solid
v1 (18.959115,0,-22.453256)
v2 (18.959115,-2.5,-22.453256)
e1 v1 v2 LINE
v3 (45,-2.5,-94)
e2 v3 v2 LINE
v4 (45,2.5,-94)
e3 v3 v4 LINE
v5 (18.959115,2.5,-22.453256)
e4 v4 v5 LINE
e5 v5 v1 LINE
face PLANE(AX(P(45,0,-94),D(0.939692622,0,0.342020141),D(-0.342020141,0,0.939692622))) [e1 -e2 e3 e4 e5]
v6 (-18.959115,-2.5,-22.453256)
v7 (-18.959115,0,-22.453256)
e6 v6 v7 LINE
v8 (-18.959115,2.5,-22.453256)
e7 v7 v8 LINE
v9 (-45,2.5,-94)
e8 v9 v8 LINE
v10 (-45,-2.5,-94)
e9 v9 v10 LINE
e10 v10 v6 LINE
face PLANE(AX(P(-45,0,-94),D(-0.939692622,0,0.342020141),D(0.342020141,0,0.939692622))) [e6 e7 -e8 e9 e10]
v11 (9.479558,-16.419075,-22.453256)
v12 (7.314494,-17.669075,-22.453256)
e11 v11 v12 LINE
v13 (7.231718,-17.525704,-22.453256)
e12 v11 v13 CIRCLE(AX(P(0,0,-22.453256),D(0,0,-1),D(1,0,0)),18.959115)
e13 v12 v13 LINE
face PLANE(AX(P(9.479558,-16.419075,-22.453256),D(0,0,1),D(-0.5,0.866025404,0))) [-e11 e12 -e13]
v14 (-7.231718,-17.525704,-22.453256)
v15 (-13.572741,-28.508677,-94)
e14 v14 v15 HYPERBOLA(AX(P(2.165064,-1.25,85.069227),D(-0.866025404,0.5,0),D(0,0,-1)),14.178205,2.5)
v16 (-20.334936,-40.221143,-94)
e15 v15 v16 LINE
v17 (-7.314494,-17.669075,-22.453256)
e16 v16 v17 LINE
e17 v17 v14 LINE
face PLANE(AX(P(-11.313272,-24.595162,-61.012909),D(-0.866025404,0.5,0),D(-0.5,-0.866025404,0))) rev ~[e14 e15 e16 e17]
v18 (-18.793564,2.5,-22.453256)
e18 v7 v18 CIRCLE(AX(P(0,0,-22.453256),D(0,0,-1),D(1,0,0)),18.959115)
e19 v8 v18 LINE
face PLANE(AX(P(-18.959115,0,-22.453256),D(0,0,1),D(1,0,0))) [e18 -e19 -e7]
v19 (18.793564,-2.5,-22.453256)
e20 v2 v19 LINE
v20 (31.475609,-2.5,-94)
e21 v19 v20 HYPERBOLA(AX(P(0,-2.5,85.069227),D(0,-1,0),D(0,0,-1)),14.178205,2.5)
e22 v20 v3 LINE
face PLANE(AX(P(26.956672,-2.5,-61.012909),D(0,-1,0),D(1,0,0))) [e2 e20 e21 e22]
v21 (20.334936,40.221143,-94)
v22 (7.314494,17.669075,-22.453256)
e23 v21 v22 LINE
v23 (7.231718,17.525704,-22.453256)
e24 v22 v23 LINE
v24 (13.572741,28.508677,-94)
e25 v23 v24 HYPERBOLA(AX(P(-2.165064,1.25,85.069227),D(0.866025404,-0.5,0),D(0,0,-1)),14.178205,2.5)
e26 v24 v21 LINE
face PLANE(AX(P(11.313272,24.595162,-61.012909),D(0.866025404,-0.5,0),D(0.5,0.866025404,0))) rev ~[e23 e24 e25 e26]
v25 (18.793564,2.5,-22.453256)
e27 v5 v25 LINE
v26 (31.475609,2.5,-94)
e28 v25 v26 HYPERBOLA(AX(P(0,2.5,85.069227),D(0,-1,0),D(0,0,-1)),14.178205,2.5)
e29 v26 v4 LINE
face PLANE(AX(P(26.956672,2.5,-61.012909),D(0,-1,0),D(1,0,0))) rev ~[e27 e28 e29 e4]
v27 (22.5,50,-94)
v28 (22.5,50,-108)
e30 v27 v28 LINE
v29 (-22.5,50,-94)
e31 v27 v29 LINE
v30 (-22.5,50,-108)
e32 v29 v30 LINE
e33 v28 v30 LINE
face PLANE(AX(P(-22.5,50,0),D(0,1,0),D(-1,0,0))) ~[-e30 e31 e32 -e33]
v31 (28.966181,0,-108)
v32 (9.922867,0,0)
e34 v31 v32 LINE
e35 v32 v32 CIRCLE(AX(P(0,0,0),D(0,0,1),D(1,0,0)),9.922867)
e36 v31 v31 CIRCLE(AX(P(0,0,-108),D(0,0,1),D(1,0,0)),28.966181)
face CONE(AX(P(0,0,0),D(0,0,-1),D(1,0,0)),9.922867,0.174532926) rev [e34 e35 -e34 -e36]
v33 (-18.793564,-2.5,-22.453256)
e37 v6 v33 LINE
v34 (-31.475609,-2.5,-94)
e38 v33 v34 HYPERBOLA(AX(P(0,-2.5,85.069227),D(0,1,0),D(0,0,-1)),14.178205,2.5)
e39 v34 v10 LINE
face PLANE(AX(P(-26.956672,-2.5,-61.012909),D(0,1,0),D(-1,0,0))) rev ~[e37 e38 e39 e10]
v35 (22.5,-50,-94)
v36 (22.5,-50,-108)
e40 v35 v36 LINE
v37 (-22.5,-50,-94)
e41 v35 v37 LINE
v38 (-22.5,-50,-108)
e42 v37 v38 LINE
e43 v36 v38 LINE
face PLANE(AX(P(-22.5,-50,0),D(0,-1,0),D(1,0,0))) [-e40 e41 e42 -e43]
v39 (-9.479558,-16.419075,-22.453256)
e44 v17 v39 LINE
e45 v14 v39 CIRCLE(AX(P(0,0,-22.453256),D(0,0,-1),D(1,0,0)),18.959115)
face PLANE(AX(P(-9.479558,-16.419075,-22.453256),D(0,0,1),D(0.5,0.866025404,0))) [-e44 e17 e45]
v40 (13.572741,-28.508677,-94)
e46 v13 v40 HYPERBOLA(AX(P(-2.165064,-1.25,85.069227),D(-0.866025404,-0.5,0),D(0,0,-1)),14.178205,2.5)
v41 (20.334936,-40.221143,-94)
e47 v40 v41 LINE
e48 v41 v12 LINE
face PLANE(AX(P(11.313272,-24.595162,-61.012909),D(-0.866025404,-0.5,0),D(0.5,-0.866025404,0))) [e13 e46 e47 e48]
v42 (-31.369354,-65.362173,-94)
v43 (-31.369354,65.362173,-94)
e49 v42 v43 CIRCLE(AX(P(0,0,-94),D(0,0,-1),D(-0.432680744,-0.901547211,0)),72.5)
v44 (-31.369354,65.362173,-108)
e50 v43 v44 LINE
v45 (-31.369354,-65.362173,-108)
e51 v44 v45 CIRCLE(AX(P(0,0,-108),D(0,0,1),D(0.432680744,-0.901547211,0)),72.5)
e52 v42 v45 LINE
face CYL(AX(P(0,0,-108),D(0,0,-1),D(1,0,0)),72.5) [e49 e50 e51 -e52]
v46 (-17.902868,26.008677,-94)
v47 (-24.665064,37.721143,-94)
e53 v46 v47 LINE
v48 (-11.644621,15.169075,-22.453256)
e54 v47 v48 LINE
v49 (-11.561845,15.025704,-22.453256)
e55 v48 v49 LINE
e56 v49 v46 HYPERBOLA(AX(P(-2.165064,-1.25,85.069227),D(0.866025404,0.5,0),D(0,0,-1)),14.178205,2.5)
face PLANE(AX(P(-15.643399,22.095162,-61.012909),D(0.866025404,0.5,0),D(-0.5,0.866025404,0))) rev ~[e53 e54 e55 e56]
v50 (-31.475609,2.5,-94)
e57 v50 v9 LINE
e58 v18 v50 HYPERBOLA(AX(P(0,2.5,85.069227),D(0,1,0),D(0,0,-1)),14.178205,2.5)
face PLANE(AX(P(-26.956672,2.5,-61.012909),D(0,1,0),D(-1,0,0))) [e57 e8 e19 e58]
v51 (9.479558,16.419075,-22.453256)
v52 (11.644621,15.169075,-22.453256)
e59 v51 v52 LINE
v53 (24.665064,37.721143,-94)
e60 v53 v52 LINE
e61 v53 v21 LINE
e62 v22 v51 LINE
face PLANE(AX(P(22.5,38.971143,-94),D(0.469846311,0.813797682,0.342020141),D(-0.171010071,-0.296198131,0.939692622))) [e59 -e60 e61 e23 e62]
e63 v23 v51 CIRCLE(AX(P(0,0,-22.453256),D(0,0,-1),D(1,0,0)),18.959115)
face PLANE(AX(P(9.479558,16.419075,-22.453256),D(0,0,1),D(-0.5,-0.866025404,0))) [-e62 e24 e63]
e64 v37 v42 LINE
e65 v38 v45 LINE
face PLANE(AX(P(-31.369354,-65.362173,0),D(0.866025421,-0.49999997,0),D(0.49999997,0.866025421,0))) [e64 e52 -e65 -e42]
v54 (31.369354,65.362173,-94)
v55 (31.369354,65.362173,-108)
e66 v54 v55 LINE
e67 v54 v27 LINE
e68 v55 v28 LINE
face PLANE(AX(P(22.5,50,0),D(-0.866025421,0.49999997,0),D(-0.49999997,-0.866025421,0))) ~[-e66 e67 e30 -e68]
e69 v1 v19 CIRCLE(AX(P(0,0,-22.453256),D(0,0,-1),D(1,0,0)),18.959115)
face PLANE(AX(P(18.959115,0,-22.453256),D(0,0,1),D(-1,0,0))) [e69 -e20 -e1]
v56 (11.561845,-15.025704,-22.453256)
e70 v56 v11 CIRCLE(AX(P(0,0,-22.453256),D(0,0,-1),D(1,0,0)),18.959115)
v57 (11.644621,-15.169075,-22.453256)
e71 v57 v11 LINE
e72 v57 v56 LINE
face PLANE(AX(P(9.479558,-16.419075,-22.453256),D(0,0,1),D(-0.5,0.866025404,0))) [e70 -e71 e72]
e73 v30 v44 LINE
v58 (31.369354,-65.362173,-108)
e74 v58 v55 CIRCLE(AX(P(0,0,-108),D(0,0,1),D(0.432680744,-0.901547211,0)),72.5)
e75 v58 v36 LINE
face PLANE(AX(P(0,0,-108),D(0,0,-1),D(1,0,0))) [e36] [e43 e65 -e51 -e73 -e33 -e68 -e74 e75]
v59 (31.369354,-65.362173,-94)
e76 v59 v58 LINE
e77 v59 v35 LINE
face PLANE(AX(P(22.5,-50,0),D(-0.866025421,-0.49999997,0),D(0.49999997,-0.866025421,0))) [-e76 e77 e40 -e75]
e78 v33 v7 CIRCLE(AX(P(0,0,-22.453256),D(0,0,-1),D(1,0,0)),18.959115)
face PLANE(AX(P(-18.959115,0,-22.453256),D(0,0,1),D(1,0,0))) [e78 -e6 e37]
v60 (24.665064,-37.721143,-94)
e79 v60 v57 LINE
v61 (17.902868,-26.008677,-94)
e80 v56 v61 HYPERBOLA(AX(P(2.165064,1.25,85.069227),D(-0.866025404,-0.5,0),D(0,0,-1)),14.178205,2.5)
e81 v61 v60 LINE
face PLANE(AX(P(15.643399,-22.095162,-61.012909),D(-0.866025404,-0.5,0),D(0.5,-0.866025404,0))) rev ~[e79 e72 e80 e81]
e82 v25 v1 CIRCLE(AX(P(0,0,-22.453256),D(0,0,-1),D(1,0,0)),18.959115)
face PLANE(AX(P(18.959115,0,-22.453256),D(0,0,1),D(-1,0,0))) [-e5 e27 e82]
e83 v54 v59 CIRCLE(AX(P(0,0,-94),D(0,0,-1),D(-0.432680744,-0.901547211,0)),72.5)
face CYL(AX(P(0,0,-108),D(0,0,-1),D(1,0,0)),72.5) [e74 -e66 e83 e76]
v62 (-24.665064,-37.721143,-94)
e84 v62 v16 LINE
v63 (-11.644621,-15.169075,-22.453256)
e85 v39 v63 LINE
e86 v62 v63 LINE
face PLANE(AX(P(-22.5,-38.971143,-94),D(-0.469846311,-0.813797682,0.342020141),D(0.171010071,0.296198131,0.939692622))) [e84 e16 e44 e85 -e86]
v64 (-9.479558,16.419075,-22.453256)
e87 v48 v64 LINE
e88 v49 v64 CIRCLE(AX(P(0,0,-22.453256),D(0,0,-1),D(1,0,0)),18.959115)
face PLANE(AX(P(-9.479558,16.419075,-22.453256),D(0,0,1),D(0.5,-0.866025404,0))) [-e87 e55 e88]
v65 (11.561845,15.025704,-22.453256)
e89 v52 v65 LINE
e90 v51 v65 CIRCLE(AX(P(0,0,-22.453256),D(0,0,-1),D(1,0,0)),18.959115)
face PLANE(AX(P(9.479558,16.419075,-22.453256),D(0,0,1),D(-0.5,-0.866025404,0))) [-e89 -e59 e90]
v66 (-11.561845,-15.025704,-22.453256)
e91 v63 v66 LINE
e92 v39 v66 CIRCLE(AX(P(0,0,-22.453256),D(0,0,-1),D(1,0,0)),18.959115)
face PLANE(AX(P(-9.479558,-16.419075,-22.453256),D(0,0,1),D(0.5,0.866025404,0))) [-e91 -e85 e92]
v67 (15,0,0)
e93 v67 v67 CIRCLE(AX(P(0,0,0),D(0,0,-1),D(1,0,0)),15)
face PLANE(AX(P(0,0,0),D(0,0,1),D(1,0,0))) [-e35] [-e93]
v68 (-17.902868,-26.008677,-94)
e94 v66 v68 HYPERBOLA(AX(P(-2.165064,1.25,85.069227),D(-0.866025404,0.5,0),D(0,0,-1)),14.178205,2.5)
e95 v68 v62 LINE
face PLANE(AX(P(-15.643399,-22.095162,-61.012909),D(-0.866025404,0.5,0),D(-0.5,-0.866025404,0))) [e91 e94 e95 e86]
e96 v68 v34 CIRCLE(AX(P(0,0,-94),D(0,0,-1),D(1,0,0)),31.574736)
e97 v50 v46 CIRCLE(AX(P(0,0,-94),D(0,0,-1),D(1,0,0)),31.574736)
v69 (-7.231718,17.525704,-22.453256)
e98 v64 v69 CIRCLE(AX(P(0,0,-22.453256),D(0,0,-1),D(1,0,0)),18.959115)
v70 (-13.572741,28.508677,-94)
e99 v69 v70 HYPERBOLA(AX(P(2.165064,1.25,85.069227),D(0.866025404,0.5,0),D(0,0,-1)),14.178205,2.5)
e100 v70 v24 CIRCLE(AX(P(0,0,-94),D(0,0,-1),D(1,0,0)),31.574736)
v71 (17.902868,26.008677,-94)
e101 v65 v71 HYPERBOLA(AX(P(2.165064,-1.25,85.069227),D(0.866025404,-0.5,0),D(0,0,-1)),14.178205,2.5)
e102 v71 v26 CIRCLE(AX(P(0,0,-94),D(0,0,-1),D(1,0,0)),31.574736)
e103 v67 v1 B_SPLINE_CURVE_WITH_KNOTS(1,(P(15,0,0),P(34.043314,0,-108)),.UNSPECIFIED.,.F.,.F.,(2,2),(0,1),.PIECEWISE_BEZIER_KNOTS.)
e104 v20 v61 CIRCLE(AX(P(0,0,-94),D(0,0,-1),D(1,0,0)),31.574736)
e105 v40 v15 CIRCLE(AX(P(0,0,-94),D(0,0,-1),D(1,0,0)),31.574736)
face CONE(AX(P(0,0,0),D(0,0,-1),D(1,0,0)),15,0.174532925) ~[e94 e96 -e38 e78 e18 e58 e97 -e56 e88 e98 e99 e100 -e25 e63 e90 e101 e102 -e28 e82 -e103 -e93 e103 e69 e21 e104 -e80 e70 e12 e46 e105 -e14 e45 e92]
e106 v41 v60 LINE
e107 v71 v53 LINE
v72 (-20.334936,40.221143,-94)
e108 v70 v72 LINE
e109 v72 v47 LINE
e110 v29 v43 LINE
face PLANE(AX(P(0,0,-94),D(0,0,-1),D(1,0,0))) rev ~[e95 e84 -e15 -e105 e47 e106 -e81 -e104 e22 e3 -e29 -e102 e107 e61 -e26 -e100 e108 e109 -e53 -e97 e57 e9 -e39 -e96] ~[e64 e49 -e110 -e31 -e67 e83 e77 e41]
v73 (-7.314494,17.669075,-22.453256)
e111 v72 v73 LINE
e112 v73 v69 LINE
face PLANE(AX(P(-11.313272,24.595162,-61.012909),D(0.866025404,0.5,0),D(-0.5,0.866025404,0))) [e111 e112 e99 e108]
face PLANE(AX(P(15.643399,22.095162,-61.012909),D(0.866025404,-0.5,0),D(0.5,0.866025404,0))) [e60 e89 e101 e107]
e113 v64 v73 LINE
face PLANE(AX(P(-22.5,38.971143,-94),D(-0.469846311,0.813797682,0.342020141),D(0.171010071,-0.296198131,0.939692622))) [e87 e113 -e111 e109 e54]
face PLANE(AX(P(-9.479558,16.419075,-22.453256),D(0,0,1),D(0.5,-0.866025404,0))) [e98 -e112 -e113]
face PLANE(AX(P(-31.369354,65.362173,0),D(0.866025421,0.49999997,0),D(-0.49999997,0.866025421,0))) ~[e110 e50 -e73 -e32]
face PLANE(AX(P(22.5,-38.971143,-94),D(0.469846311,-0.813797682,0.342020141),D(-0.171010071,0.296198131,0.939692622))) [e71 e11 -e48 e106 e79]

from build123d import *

# Parameters (mm, degrees)
SKETCH_R           = 15
PAD_DEPTH          = 108
PAD_TAPER          = -10
SKETCH001_R        = 72.5
PAD001_DEPTH       = 14
POCKET_DEPTH       = 571.52662
PAD002_DEPTH       = 2.5
POLARPATTERN_COUNT = 6


with BuildPart() as part:
    # Sketch (on XY_Plane of Origin) → Pad (new body)
    with BuildSketch(Plane.XY):
        Circle(SKETCH_R)
    extrude(amount=-PAD_DEPTH, taper=PAD_TAPER)

    # Sketch001 (on Face3 of Pad) → Pad001 (join)
    with BuildSketch(Plane(origin=(0, 0, -108), x_dir=(1, 0, 0), z_dir=(0, 0, -1))):
        Circle(SKETCH001_R)
    extrude(amount=-PAD001_DEPTH)

    # Sketch002 (on XY_Plane of Origin) → Pocket (cut, through all)
    with BuildSketch(Plane.XY):
        with BuildLine():
            Line((-31.369354, -65.362173), (-22.5, -50))
            Line((-22.5, -50), (22.5, -50))
            Line((22.5, -50), (31.369354, -65.362173))
            ThreePointArc((-31.369354, -65.362173), (0, -72.5), (31.369354, -65.362173))
        make_face()
    pocket = extrude(amount=-POCKET_DEPTH, mode=Mode.SUBTRACT)

    # Mirrored: Pocket across XZ
    add(pocket.mirror(Plane.XZ), mode=Mode.SUBTRACT)

    # Sketch003 (on XZ_Plane of Origin) → Groove (revolve, cut)
    with BuildSketch(Plane.XZ):
        Polygon((9.922867, 0), (28.966181, -108), (0, -108), (0, 0), align=None)
    revolve(axis=Axis((0, 0, 0), (0, 0, 1)), mode=Mode.SUBTRACT)

    # Sketch004 (on XZ_Plane of Origin) → Pad002 (join, symmetric)
    with BuildSketch(Plane.XZ):
        Polygon((31.369354, -94), (45, -94), (18.959115, -22.453256), (13.881982, -22.453256), (26.497603, -94), align=None)
    pad002 = extrude(amount=PAD002_DEPTH, both=True)

    # PolarPattern: Pad002 ×6 about axis
    polarpattern_axis = Axis((0, 0, 0), (0, 0, 1))
    for i in range(1, POLARPATTERN_COUNT):
        add(pad002.rotate(polarpattern_axis, i * 360 / POLARPATTERN_COUNT))


solid = part.part
